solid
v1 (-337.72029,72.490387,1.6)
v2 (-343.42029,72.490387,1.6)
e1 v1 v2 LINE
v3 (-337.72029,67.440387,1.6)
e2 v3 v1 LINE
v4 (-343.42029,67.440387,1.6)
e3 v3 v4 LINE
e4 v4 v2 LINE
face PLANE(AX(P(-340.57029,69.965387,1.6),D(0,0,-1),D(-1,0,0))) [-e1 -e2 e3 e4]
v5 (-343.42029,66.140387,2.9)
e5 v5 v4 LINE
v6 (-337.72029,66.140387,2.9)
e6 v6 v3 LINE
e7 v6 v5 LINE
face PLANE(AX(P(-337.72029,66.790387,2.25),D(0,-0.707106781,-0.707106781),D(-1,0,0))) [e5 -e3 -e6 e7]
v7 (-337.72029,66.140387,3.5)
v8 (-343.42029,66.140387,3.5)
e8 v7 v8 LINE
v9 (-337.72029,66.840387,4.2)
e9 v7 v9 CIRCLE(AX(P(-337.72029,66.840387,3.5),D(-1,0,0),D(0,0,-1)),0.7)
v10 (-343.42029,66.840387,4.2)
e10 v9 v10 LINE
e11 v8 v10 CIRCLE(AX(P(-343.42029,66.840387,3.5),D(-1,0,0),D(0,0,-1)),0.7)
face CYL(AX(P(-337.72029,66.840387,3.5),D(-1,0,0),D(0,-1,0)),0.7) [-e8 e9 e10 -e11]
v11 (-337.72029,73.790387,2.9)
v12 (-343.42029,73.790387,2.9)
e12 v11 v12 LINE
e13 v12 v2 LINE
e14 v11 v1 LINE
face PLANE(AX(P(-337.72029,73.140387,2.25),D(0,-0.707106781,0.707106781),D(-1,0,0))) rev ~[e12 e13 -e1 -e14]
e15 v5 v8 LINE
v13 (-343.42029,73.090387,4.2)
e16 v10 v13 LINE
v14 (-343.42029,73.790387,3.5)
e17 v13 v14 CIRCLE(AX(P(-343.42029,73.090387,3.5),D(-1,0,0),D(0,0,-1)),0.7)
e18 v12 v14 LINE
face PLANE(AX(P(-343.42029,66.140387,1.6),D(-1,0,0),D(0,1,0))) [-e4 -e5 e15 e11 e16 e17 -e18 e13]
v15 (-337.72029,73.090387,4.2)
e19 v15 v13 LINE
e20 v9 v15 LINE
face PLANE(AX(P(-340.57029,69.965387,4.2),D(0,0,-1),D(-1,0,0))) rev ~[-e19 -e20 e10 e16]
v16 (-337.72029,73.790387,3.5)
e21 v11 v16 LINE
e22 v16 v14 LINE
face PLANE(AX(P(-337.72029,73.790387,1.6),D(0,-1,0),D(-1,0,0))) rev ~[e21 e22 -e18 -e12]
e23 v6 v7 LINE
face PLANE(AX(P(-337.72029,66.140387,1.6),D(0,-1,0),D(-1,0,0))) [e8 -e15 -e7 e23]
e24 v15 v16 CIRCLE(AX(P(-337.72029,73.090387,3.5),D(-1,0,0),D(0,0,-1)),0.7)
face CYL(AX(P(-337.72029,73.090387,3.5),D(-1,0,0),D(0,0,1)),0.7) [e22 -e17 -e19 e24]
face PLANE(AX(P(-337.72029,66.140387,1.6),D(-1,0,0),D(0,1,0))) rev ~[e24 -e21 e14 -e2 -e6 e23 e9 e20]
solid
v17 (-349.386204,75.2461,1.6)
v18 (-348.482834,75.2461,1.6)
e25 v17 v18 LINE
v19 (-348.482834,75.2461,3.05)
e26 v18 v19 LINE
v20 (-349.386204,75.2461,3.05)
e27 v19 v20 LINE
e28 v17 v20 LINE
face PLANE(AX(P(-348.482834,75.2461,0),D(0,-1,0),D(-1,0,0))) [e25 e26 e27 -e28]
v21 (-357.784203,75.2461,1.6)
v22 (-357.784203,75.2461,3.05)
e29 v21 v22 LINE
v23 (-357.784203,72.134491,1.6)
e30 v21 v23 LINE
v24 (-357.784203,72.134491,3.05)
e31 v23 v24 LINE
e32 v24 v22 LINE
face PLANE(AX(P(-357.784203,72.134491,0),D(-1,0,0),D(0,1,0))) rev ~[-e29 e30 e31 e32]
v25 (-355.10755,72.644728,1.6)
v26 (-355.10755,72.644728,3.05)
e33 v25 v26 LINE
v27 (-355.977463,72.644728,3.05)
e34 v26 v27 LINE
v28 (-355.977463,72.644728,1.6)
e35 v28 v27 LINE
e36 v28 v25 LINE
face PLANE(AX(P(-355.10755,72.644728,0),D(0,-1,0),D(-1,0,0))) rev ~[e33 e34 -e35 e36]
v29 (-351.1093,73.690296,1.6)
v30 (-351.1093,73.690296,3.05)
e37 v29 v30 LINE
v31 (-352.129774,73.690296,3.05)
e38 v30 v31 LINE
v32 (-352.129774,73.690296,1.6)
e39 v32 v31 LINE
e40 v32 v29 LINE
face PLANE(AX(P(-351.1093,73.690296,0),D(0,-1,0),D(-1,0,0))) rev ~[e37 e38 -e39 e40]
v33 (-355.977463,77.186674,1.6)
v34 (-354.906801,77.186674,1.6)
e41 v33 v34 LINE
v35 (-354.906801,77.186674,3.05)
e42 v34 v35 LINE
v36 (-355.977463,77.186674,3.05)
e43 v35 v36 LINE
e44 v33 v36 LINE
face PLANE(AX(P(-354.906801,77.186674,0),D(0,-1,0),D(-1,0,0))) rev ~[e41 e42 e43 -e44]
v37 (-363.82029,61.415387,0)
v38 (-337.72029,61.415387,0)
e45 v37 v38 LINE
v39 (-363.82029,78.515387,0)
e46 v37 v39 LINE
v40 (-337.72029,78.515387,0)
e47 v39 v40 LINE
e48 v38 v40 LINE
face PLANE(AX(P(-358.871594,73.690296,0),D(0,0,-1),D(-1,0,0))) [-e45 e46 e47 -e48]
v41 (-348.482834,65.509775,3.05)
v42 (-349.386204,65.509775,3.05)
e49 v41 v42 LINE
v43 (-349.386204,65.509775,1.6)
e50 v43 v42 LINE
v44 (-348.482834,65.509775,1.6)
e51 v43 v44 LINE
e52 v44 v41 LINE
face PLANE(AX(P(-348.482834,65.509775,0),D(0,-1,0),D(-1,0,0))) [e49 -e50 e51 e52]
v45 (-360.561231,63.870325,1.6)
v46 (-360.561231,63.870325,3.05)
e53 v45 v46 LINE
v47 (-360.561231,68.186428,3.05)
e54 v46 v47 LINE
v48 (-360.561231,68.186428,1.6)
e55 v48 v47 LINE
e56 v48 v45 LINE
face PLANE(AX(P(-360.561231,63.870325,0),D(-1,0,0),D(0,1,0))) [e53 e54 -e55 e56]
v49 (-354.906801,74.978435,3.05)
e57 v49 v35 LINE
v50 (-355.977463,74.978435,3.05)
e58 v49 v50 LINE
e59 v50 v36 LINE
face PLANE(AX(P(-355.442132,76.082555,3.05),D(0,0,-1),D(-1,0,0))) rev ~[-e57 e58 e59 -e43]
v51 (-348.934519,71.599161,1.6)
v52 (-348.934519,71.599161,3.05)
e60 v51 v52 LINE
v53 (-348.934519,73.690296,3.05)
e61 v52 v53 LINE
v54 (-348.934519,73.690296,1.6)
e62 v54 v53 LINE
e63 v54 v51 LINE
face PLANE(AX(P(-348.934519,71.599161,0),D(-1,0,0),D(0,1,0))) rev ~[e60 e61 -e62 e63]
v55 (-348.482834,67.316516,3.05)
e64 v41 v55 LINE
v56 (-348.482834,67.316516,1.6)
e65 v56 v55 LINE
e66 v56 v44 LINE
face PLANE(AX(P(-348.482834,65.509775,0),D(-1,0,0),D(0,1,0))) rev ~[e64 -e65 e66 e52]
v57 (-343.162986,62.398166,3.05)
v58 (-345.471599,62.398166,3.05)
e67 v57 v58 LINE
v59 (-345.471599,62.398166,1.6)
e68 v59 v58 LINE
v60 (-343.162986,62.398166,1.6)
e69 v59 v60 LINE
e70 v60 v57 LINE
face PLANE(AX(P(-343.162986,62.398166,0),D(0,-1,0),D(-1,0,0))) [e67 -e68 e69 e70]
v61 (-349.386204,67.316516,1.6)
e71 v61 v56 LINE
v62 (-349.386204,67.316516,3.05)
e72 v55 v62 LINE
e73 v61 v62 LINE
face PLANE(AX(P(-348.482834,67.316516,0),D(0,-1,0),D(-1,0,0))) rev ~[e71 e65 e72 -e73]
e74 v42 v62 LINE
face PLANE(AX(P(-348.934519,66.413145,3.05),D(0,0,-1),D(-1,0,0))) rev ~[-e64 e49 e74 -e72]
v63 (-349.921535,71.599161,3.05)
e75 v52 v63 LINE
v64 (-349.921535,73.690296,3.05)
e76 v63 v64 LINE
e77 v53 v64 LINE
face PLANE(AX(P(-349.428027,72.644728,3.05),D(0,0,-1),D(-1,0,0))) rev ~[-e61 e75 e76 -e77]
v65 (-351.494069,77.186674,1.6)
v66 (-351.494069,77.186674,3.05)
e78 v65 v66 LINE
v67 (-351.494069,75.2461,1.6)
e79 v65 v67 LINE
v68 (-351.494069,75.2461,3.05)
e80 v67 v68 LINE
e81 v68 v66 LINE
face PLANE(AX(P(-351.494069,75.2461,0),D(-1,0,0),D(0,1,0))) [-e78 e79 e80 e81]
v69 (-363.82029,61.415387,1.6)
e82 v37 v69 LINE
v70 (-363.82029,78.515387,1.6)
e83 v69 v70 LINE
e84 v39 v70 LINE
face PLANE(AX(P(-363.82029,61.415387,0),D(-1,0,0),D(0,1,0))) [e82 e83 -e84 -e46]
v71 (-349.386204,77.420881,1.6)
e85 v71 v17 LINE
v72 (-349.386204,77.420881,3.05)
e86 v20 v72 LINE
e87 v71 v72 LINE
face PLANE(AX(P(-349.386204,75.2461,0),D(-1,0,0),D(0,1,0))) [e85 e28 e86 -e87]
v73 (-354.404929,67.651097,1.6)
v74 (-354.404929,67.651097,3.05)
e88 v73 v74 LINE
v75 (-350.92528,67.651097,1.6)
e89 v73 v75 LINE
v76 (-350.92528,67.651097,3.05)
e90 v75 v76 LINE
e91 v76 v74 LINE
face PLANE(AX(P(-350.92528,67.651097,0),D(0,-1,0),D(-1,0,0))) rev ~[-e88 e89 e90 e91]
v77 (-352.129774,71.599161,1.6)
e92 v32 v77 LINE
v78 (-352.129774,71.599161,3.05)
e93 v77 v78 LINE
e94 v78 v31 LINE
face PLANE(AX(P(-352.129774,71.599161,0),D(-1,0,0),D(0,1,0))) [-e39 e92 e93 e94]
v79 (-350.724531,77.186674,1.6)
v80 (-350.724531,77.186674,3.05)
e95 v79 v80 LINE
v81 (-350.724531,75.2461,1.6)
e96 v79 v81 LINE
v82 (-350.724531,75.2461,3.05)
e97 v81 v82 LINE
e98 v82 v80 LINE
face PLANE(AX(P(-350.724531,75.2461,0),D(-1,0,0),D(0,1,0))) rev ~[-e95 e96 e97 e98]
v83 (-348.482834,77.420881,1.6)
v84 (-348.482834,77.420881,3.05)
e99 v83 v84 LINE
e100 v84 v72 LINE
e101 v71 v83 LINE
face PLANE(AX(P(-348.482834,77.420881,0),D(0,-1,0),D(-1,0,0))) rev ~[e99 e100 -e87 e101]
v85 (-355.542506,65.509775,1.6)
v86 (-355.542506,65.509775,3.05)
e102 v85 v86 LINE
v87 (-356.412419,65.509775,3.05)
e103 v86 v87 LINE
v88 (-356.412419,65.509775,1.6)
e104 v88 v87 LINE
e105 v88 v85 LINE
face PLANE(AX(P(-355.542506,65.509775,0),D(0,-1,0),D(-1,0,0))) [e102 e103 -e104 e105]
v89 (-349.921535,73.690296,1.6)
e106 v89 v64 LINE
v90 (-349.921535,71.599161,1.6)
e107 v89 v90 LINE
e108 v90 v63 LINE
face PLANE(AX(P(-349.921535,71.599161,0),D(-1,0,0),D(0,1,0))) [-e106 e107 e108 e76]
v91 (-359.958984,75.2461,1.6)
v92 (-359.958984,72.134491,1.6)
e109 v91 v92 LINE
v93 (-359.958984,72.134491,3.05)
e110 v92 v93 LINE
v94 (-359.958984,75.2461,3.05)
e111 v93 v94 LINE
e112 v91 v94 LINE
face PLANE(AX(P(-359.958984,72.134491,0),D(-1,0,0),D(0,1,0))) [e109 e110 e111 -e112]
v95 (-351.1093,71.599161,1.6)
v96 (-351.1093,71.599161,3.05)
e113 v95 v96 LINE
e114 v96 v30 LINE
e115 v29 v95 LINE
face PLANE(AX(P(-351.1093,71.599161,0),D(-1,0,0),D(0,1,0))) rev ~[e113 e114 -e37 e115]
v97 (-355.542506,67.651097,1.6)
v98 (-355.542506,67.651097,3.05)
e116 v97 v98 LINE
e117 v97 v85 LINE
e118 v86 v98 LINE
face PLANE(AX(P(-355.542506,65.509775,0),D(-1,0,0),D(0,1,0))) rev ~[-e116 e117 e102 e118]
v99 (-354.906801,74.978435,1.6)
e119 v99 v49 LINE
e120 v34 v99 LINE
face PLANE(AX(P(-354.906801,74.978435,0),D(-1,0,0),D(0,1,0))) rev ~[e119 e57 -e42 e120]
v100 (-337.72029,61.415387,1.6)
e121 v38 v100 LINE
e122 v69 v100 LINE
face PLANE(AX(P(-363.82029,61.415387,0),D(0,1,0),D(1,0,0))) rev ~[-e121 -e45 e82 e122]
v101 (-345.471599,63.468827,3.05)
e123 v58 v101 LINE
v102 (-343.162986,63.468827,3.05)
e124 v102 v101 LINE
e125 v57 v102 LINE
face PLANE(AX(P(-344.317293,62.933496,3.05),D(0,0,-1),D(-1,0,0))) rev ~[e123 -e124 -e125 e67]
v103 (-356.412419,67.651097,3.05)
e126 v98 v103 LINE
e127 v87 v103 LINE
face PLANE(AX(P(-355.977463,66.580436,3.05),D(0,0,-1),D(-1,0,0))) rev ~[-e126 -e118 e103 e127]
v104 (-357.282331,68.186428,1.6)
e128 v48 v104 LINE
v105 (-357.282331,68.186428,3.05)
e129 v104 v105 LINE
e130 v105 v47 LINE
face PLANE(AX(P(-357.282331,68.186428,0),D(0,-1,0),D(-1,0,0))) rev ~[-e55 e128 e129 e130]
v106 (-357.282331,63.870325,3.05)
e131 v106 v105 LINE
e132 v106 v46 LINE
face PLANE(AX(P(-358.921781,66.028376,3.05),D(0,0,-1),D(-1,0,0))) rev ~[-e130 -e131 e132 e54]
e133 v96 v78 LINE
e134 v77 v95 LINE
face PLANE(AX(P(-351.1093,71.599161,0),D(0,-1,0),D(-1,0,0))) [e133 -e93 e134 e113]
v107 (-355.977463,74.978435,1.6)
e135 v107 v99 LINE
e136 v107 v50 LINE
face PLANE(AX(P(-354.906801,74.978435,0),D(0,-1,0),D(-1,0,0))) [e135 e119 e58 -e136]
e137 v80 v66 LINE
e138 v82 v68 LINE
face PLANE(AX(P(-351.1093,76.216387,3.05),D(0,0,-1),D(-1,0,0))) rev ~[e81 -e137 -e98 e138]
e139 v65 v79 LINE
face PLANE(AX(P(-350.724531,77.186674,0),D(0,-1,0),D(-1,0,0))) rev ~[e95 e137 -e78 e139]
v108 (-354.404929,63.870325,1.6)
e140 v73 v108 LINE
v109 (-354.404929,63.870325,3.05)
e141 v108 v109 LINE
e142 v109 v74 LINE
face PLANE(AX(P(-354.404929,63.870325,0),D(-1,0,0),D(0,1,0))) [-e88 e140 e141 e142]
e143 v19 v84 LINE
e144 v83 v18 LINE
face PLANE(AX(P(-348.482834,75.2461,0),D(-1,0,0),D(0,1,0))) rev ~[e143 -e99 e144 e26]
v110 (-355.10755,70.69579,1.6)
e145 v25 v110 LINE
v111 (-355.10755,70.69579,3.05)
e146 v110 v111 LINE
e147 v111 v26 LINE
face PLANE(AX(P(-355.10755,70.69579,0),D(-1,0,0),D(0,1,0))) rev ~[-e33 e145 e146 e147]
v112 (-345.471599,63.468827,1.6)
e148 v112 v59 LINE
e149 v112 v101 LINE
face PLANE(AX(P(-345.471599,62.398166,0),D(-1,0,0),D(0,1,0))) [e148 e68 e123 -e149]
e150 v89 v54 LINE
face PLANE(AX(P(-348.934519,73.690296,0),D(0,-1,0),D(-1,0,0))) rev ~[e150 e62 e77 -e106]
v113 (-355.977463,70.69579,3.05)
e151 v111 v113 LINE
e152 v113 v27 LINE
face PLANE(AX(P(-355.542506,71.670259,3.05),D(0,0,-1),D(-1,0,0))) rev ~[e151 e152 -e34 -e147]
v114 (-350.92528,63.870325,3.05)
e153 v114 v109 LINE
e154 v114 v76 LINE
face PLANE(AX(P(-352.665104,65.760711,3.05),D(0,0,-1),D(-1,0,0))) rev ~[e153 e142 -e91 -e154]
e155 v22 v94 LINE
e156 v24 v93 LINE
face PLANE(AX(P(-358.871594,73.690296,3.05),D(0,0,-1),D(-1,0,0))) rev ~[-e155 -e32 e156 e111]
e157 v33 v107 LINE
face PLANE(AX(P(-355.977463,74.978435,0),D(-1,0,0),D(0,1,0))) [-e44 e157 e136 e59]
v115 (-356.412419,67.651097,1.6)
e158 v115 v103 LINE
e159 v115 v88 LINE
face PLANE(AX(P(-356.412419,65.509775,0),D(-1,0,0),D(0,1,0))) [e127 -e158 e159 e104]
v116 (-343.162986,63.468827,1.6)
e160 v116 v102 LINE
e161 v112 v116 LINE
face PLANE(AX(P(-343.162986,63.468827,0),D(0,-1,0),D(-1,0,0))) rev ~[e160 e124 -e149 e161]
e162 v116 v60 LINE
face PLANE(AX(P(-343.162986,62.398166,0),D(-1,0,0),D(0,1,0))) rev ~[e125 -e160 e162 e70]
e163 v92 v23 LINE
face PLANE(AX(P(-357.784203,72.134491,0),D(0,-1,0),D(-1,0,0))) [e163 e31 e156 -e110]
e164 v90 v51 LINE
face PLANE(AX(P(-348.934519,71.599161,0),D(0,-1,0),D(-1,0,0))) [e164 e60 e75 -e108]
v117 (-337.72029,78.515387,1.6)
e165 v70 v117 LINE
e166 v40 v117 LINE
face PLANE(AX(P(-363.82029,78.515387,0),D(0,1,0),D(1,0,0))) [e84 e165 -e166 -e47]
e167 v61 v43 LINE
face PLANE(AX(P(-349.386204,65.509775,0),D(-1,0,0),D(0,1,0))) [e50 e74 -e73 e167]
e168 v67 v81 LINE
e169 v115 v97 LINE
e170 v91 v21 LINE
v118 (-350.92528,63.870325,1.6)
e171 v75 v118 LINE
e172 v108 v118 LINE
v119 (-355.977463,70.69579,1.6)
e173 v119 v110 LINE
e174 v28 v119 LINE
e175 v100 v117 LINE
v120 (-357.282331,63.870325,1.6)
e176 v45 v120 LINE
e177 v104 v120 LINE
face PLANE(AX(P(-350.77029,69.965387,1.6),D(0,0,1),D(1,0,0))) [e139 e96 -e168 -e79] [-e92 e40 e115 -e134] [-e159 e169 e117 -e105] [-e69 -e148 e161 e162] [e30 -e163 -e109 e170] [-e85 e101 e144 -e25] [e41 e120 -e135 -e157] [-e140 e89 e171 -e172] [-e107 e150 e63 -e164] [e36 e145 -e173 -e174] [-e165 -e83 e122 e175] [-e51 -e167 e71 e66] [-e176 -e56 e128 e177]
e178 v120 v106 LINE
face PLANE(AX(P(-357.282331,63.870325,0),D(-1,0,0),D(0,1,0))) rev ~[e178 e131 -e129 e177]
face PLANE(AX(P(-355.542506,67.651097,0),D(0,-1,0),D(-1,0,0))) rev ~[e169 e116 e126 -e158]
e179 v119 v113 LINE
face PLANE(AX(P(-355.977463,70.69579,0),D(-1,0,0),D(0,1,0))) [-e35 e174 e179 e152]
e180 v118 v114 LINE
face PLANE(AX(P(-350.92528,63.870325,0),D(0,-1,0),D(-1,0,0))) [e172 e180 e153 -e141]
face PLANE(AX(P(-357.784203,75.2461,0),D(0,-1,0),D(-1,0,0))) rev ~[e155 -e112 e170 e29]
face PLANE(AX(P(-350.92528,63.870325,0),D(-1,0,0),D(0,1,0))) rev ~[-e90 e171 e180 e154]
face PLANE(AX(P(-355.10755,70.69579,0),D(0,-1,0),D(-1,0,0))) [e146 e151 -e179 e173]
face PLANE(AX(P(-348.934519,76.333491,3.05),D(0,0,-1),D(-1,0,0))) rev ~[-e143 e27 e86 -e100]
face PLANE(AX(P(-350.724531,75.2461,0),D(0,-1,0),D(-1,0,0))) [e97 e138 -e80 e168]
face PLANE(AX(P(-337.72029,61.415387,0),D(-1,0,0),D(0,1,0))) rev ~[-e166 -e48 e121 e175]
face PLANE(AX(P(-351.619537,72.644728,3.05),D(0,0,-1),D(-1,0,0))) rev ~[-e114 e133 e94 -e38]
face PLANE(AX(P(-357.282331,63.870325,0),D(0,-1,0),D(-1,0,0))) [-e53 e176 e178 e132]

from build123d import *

# Parameters (mm, degrees)
SKETCH_1_W      = 26.1
SKETCH_1_H      = 17.1
EXTRUDE_1_DEPTH = 1.6
EXTRUDE_START   = -1.6
SKETCH_2_W      = 5.7
SKETCH_2_H      = 7.65
EXTRUDE_2_DEPTH = 2.6
SKETCH_2_3_W    = 2.174780603
SKETCH_2_3_H    = 3.11160917
SKETCH_2_3_W_2  = 1.07066122
SKETCH_2_3_H_2  = 2.208238767
SKETCH_2_3_W_3  = 0.769537752
SKETCH_2_3_H_3  = 1.940573462
SKETCH_2_3_W_4  = 0.903370404
SKETCH_2_3_H_4  = 2.174780604
SKETCH_2_3_W_5  = 0.987015812
SKETCH_2_3_H_5  = 2.091135195
SKETCH_2_3_W_6  = 0.869912241
SKETCH_2_3_H_6  = 1.948938002
SKETCH_2_3_W_7  = 3.278899986
SKETCH_2_3_H_7  = 4.316103044
SKETCH_2_3_W_8  = 0.869912242
SKETCH_2_3_H_8  = 2.14132244
SKETCH_2_3_W_9  = 3.479648965
SKETCH_2_3_H_9  = 3.780772434
SKETCH_2_3_H_10 = 1.806740808
SKETCH_2_3_W_10 = 2.308613255
SKETCH_2_3_H_11 = 1.07066122
SKETCH_2_3_W_11 = 1.020473975
EXTRUDE_3_DEPTH = 3.05
CHAMFER_1_SIZE  = 1.3
FILLET_1_R      = 0.7


with BuildPart() as part:
    # Эскиз1 → Бобышка-Вытянуть1 (new body)
    with BuildSketch(Plane.XY):
        with Locations((-350.770289691, 69.965387452)):
            Rectangle(SKETCH_1_W, SKETCH_1_H)
    extrude(amount=EXTRUDE_1_DEPTH)

    # Эскиз2<3> → Бобышка-Вытянуть3 (add)
    with BuildSketch(Plane(origin=(0, 0, 0), x_dir=(-1, 0, 0), z_dir=(0, 0, -1))):
        with Locations((358.871593715, 73.690295836)):
            Rectangle(SKETCH_2_3_W, SKETCH_2_3_H)
        with Locations((355.442131994, 76.0825545)):
            Rectangle(SKETCH_2_3_W_2, SKETCH_2_3_H_2)
        with Locations((351.109299869, 76.216387152)):
            Rectangle(SKETCH_2_3_W_3, SKETCH_2_3_H_3)
        with Locations((348.934519266, 76.333490723)):
            Rectangle(SKETCH_2_3_W_4, SKETCH_2_3_H_4)
        with Locations((349.428027172, 72.644728238)):
            Rectangle(SKETCH_2_3_W_5, SKETCH_2_3_H_5)
        with Locations((355.542506484, 71.670259237)):
            Rectangle(SKETCH_2_3_W_6, SKETCH_2_3_H_6)
        with Locations((358.921780959, 66.02837648)):
            Rectangle(SKETCH_2_3_W_7, SKETCH_2_3_H_7)
        with Locations((355.977462604, 66.580436172)):
            Rectangle(SKETCH_2_3_W_8, SKETCH_2_3_H_8)
        with Locations((352.665104455, 65.760711175)):
            Rectangle(SKETCH_2_3_W_9, SKETCH_2_3_H_9)
        with Locations((348.934519266, 66.413145356)):
            Rectangle(SKETCH_2_3_W_4, SKETCH_2_3_H_10)
        with Locations((344.317292755, 62.933496391)):
            Rectangle(SKETCH_2_3_W_10, SKETCH_2_3_H_11)
        with Locations((351.619536857, 72.644728238)):
            Rectangle(SKETCH_2_3_W_11, SKETCH_2_3_H_5)
    extrude(amount=-EXTRUDE_3_DEPTH)


with BuildPart() as body_2:
    # Эскиз2 → Бобышка-Вытянуть2 (new body)
    with BuildSketch(Plane(origin=(0, 0, 0), x_dir=(-1, 0, 0), z_dir=(0, 0, -1)).offset(EXTRUDE_START)):
        with Locations((340.570289691, 69.965387452)):
            Rectangle(SKETCH_2_W, SKETCH_2_H)
    extrude(amount=-EXTRUDE_2_DEPTH)

    # Фаска1
    chamfer_1_edges = [body_2.edges().sort_by_distance(p)[0] for p in [
        (-340.570289691, 73.790387452, 1.6),
        (-340.570289691, 66.140387452, 1.6),
    ]]
    chamfer(chamfer_1_edges, length=CHAMFER_1_SIZE)

    # Скругление1
    fillet_1_edges = [body_2.edges().sort_by_distance(p)[0] for p in [
        (-340.570289691, 73.790387452, 4.2),
        (-340.570289691, 66.140387452, 4.2),
    ]]
    fillet(fillet_1_edges, radius=FILLET_1_R)


solid = Compound([part.part, body_2.part])
